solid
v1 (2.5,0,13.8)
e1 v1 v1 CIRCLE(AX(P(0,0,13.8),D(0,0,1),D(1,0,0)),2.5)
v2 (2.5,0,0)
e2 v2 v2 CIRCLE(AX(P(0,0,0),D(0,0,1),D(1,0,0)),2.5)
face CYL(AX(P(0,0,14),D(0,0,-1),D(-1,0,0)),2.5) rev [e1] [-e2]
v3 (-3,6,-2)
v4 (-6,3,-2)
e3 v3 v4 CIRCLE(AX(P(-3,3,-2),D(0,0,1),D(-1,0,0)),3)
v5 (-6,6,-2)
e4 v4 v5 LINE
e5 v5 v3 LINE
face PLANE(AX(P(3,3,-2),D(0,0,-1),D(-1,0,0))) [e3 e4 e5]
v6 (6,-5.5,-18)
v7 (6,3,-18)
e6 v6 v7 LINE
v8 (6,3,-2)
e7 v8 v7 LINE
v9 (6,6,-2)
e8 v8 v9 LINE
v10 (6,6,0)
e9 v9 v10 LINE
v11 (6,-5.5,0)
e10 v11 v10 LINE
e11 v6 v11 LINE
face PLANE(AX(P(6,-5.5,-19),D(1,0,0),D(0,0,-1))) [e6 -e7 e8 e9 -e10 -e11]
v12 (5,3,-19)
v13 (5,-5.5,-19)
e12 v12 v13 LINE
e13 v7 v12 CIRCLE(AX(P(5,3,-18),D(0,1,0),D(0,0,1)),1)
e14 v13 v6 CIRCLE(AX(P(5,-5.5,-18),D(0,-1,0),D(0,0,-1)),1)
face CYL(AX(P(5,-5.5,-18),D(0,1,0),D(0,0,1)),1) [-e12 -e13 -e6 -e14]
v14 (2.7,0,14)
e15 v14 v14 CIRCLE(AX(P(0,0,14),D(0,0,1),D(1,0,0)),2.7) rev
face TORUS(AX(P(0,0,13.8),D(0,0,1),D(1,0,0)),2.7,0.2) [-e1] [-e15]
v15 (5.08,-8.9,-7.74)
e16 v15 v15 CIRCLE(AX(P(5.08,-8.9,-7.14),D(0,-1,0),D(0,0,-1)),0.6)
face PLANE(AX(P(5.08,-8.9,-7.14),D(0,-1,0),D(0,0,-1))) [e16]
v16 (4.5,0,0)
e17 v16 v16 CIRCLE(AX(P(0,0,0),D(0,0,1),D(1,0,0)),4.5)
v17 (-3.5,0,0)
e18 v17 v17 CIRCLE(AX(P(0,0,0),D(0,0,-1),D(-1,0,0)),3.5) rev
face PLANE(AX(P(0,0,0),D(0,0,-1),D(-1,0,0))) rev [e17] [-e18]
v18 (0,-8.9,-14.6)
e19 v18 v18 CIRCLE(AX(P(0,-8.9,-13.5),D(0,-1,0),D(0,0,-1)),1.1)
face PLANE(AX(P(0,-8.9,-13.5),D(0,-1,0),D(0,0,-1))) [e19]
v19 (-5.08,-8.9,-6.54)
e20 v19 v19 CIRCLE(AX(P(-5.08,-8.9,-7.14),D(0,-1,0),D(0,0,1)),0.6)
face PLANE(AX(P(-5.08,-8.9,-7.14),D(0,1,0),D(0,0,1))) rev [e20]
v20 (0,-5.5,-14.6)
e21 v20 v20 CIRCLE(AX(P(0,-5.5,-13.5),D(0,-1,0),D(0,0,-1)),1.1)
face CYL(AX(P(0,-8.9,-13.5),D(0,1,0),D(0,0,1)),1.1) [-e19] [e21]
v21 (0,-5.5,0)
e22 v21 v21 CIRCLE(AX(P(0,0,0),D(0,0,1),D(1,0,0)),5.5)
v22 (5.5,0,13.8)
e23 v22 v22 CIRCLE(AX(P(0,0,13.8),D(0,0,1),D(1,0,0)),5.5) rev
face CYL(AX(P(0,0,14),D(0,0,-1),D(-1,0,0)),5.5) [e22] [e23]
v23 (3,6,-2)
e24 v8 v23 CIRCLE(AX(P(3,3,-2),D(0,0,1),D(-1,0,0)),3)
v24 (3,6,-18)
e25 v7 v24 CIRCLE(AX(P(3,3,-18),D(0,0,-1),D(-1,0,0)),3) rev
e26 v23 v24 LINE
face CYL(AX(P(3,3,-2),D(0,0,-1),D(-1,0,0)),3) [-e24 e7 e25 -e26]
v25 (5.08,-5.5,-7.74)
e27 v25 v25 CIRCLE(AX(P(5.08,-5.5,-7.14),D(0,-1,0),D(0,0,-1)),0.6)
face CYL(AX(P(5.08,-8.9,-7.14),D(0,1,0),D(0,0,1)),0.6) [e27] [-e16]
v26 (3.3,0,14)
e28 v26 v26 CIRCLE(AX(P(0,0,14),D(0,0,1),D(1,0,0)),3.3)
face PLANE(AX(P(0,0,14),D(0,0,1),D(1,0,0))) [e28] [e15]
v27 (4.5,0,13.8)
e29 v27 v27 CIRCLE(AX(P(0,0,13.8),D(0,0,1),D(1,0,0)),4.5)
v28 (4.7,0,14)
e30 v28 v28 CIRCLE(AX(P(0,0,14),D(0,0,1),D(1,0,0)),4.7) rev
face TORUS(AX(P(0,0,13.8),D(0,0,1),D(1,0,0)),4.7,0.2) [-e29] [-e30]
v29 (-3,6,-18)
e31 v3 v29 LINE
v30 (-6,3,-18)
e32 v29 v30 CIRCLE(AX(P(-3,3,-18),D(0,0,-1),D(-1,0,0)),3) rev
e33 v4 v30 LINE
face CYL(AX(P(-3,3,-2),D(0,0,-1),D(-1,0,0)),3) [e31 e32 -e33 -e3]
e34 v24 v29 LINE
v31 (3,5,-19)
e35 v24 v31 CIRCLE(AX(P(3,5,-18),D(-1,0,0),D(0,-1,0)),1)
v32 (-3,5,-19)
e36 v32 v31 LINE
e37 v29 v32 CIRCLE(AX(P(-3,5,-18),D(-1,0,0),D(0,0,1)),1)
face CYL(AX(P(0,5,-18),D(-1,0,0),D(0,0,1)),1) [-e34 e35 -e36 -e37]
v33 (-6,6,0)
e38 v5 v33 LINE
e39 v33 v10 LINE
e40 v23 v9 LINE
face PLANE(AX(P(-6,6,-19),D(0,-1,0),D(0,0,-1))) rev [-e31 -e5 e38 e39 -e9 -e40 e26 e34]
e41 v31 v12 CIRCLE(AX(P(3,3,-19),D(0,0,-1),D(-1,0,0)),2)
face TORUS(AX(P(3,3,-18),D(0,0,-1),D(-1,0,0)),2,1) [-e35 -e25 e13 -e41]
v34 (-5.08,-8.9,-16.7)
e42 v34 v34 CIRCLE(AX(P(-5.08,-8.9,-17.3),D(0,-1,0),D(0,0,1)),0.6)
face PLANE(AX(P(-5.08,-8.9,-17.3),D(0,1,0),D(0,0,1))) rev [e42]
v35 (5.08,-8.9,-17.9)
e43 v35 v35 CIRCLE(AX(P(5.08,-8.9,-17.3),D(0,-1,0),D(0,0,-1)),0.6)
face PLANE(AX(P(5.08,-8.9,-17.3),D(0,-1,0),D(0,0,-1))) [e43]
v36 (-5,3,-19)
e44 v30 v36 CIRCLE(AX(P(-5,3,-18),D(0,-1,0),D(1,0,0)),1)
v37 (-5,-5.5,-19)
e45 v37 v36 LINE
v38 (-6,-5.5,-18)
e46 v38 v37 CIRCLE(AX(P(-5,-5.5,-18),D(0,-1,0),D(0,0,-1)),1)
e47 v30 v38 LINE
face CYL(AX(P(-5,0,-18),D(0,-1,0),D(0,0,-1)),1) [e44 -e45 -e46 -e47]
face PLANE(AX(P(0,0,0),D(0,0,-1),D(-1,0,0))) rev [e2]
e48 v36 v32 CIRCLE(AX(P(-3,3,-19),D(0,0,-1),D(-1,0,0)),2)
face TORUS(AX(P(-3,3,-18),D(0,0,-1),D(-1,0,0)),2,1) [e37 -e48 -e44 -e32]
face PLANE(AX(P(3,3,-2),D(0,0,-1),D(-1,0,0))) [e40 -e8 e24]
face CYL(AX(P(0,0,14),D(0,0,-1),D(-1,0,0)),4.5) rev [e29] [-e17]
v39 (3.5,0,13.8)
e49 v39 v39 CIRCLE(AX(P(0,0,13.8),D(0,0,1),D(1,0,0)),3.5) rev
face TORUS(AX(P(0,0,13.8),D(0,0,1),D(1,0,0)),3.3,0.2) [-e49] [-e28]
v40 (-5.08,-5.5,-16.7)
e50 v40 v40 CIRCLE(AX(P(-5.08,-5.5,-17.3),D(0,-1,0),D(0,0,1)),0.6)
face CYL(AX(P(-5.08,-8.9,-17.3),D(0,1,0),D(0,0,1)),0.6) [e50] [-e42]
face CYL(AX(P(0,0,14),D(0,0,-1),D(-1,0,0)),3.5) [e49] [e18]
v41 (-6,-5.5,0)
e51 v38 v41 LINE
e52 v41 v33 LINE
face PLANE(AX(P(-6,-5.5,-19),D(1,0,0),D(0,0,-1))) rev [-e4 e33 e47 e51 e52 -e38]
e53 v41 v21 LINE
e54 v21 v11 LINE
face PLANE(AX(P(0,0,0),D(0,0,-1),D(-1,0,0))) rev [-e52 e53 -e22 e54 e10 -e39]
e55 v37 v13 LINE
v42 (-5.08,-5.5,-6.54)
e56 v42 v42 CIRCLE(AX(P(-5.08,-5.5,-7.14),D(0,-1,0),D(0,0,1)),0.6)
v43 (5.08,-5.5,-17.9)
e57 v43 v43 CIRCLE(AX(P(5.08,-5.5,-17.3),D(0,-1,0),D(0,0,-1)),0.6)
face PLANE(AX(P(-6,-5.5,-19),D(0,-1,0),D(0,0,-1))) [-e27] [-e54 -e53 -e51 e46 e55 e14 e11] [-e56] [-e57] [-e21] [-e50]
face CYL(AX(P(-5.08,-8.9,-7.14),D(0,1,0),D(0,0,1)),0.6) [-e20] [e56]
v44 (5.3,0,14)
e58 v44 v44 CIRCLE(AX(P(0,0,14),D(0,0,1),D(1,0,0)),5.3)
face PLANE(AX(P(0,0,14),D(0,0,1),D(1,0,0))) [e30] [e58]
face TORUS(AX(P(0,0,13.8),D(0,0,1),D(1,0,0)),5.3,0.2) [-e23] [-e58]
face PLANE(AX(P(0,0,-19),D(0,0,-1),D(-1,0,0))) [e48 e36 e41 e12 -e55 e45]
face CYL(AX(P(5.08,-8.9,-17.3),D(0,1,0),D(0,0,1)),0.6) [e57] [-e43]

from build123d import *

# Parameters (mm, degrees)
SKETCH1_R             = 5.5
SKETCH1_R_2           = 4.5
BOSS_EXTRUDE1_DEPTH   = 14
SKETCH1_R_3           = 3.5
SKETCH1_R_4           = 2.5
BOSS_EXTRUDE1_2_DEPTH = 14
SKETCH1_3_W           = 12
SKETCH1_3_H           = 11.5
BOSS_EXTRUDE2_DEPTH   = 19
FILLET1_R             = 0.2
CUT_EXTRUDE1_DEPTH    = 17
FILLET3_R             = 1
SKETCH3_R             = 1.1
SKETCH3_R_2           = 0.6
BOSS_EXTRUDE3_DEPTH   = 3.4


with BuildPart() as part:
    # Sketch1 → Boss-Extrude1 (new body)
    with BuildSketch(Plane.XY):
        Circle(SKETCH1_R)
        Circle(SKETCH1_R_2, mode=Mode.SUBTRACT)
    extrude(amount=BOSS_EXTRUDE1_DEPTH)



with BuildPart() as body_2:
    # Sketch1 → Boss-Extrude1 2 (new body)
    with BuildSketch(Plane.XY):
        Circle(SKETCH1_R_3)
        Circle(SKETCH1_R_4, mode=Mode.SUBTRACT)
    extrude(amount=BOSS_EXTRUDE1_2_DEPTH)


with BuildPart() as part_1:
    add(part.part)

    add(body_2.part)  # Boss-Extrude2 merges body 2
    # Sketch1<3> → Boss-Extrude2 (add)
    with BuildSketch(Plane.XY):
        with Locations((0, 0.25)):
            Rectangle(SKETCH1_3_W, SKETCH1_3_H)
    extrude(amount=-BOSS_EXTRUDE2_DEPTH)

    # Fillet1
    fillet1_edges = [part_1.edges().sort_by_distance(p)[0] for p in [
        (-2.5, 0, 14),
        (-3.5, 0, 14),
        (-4.5, 0, 14),
        (-5.5, 0, 14),
    ]]
    fillet(fillet1_edges, radius=FILLET1_R)

    # Sketch2 → Cut-Extrude1 (cut)
    with BuildSketch(Plane(origin=(0, 0, -19), x_dir=(-1, 0, 0), z_dir=(0, 0, -1))):
        with BuildLine():
            Line((-8.747422549, 11), (-8.747422549, 1))
            Line((-8.747422549, 1), (-6, 1))
            Line((-6, 1), (-6, 3))
            ThreePointArc((-6, 3), (-5.121320344, 5.121320344), (-3, 6))
            Line((-3, 6), (3, 6))
            ThreePointArc((3, 6), (5.121320344, 5.121320344), (6, 3))
            Line((6, 3), (6, 1))
            Line((6, 1), (7.98389041, 1))
            Line((7.98389041, 1), (7.98389041, 11))
            Line((7.98389041, 11), (-8.747422549, 11))
        make_face()
    extrude(amount=-CUT_EXTRUDE1_DEPTH, mode=Mode.SUBTRACT)

    # Fillet3
    fillet3_edges = [part_1.edges().sort_by_distance(p)[0] for p in [
        (-6, -1.25, -19),
        (-5.121320344, 5.121320344, -19),
        (0, 6, -19),
        (5.121320344, 5.121320344, -19),
        (6, -1.25, -19),
    ]]
    fillet(fillet3_edges, radius=FILLET3_R)

    # Sketch3 → Boss-Extrude3 (add)
    with BuildSketch(Plane.XZ.offset(5.5)):
        with Locations((0, -13.5)):
            Circle(SKETCH3_R)
        with Locations((5.08, -17.3)):
            Circle(SKETCH3_R_2)
        with Locations((-5.08, -7.14)):
            Circle(SKETCH3_R_2)
        with Locations((-5.08, -17.3)):
            Circle(SKETCH3_R_2)
        with Locations((5.08, -7.14)):
            Circle(SKETCH3_R_2)
    extrude(amount=BOSS_EXTRUDE3_DEPTH)


solid = part_1.part
